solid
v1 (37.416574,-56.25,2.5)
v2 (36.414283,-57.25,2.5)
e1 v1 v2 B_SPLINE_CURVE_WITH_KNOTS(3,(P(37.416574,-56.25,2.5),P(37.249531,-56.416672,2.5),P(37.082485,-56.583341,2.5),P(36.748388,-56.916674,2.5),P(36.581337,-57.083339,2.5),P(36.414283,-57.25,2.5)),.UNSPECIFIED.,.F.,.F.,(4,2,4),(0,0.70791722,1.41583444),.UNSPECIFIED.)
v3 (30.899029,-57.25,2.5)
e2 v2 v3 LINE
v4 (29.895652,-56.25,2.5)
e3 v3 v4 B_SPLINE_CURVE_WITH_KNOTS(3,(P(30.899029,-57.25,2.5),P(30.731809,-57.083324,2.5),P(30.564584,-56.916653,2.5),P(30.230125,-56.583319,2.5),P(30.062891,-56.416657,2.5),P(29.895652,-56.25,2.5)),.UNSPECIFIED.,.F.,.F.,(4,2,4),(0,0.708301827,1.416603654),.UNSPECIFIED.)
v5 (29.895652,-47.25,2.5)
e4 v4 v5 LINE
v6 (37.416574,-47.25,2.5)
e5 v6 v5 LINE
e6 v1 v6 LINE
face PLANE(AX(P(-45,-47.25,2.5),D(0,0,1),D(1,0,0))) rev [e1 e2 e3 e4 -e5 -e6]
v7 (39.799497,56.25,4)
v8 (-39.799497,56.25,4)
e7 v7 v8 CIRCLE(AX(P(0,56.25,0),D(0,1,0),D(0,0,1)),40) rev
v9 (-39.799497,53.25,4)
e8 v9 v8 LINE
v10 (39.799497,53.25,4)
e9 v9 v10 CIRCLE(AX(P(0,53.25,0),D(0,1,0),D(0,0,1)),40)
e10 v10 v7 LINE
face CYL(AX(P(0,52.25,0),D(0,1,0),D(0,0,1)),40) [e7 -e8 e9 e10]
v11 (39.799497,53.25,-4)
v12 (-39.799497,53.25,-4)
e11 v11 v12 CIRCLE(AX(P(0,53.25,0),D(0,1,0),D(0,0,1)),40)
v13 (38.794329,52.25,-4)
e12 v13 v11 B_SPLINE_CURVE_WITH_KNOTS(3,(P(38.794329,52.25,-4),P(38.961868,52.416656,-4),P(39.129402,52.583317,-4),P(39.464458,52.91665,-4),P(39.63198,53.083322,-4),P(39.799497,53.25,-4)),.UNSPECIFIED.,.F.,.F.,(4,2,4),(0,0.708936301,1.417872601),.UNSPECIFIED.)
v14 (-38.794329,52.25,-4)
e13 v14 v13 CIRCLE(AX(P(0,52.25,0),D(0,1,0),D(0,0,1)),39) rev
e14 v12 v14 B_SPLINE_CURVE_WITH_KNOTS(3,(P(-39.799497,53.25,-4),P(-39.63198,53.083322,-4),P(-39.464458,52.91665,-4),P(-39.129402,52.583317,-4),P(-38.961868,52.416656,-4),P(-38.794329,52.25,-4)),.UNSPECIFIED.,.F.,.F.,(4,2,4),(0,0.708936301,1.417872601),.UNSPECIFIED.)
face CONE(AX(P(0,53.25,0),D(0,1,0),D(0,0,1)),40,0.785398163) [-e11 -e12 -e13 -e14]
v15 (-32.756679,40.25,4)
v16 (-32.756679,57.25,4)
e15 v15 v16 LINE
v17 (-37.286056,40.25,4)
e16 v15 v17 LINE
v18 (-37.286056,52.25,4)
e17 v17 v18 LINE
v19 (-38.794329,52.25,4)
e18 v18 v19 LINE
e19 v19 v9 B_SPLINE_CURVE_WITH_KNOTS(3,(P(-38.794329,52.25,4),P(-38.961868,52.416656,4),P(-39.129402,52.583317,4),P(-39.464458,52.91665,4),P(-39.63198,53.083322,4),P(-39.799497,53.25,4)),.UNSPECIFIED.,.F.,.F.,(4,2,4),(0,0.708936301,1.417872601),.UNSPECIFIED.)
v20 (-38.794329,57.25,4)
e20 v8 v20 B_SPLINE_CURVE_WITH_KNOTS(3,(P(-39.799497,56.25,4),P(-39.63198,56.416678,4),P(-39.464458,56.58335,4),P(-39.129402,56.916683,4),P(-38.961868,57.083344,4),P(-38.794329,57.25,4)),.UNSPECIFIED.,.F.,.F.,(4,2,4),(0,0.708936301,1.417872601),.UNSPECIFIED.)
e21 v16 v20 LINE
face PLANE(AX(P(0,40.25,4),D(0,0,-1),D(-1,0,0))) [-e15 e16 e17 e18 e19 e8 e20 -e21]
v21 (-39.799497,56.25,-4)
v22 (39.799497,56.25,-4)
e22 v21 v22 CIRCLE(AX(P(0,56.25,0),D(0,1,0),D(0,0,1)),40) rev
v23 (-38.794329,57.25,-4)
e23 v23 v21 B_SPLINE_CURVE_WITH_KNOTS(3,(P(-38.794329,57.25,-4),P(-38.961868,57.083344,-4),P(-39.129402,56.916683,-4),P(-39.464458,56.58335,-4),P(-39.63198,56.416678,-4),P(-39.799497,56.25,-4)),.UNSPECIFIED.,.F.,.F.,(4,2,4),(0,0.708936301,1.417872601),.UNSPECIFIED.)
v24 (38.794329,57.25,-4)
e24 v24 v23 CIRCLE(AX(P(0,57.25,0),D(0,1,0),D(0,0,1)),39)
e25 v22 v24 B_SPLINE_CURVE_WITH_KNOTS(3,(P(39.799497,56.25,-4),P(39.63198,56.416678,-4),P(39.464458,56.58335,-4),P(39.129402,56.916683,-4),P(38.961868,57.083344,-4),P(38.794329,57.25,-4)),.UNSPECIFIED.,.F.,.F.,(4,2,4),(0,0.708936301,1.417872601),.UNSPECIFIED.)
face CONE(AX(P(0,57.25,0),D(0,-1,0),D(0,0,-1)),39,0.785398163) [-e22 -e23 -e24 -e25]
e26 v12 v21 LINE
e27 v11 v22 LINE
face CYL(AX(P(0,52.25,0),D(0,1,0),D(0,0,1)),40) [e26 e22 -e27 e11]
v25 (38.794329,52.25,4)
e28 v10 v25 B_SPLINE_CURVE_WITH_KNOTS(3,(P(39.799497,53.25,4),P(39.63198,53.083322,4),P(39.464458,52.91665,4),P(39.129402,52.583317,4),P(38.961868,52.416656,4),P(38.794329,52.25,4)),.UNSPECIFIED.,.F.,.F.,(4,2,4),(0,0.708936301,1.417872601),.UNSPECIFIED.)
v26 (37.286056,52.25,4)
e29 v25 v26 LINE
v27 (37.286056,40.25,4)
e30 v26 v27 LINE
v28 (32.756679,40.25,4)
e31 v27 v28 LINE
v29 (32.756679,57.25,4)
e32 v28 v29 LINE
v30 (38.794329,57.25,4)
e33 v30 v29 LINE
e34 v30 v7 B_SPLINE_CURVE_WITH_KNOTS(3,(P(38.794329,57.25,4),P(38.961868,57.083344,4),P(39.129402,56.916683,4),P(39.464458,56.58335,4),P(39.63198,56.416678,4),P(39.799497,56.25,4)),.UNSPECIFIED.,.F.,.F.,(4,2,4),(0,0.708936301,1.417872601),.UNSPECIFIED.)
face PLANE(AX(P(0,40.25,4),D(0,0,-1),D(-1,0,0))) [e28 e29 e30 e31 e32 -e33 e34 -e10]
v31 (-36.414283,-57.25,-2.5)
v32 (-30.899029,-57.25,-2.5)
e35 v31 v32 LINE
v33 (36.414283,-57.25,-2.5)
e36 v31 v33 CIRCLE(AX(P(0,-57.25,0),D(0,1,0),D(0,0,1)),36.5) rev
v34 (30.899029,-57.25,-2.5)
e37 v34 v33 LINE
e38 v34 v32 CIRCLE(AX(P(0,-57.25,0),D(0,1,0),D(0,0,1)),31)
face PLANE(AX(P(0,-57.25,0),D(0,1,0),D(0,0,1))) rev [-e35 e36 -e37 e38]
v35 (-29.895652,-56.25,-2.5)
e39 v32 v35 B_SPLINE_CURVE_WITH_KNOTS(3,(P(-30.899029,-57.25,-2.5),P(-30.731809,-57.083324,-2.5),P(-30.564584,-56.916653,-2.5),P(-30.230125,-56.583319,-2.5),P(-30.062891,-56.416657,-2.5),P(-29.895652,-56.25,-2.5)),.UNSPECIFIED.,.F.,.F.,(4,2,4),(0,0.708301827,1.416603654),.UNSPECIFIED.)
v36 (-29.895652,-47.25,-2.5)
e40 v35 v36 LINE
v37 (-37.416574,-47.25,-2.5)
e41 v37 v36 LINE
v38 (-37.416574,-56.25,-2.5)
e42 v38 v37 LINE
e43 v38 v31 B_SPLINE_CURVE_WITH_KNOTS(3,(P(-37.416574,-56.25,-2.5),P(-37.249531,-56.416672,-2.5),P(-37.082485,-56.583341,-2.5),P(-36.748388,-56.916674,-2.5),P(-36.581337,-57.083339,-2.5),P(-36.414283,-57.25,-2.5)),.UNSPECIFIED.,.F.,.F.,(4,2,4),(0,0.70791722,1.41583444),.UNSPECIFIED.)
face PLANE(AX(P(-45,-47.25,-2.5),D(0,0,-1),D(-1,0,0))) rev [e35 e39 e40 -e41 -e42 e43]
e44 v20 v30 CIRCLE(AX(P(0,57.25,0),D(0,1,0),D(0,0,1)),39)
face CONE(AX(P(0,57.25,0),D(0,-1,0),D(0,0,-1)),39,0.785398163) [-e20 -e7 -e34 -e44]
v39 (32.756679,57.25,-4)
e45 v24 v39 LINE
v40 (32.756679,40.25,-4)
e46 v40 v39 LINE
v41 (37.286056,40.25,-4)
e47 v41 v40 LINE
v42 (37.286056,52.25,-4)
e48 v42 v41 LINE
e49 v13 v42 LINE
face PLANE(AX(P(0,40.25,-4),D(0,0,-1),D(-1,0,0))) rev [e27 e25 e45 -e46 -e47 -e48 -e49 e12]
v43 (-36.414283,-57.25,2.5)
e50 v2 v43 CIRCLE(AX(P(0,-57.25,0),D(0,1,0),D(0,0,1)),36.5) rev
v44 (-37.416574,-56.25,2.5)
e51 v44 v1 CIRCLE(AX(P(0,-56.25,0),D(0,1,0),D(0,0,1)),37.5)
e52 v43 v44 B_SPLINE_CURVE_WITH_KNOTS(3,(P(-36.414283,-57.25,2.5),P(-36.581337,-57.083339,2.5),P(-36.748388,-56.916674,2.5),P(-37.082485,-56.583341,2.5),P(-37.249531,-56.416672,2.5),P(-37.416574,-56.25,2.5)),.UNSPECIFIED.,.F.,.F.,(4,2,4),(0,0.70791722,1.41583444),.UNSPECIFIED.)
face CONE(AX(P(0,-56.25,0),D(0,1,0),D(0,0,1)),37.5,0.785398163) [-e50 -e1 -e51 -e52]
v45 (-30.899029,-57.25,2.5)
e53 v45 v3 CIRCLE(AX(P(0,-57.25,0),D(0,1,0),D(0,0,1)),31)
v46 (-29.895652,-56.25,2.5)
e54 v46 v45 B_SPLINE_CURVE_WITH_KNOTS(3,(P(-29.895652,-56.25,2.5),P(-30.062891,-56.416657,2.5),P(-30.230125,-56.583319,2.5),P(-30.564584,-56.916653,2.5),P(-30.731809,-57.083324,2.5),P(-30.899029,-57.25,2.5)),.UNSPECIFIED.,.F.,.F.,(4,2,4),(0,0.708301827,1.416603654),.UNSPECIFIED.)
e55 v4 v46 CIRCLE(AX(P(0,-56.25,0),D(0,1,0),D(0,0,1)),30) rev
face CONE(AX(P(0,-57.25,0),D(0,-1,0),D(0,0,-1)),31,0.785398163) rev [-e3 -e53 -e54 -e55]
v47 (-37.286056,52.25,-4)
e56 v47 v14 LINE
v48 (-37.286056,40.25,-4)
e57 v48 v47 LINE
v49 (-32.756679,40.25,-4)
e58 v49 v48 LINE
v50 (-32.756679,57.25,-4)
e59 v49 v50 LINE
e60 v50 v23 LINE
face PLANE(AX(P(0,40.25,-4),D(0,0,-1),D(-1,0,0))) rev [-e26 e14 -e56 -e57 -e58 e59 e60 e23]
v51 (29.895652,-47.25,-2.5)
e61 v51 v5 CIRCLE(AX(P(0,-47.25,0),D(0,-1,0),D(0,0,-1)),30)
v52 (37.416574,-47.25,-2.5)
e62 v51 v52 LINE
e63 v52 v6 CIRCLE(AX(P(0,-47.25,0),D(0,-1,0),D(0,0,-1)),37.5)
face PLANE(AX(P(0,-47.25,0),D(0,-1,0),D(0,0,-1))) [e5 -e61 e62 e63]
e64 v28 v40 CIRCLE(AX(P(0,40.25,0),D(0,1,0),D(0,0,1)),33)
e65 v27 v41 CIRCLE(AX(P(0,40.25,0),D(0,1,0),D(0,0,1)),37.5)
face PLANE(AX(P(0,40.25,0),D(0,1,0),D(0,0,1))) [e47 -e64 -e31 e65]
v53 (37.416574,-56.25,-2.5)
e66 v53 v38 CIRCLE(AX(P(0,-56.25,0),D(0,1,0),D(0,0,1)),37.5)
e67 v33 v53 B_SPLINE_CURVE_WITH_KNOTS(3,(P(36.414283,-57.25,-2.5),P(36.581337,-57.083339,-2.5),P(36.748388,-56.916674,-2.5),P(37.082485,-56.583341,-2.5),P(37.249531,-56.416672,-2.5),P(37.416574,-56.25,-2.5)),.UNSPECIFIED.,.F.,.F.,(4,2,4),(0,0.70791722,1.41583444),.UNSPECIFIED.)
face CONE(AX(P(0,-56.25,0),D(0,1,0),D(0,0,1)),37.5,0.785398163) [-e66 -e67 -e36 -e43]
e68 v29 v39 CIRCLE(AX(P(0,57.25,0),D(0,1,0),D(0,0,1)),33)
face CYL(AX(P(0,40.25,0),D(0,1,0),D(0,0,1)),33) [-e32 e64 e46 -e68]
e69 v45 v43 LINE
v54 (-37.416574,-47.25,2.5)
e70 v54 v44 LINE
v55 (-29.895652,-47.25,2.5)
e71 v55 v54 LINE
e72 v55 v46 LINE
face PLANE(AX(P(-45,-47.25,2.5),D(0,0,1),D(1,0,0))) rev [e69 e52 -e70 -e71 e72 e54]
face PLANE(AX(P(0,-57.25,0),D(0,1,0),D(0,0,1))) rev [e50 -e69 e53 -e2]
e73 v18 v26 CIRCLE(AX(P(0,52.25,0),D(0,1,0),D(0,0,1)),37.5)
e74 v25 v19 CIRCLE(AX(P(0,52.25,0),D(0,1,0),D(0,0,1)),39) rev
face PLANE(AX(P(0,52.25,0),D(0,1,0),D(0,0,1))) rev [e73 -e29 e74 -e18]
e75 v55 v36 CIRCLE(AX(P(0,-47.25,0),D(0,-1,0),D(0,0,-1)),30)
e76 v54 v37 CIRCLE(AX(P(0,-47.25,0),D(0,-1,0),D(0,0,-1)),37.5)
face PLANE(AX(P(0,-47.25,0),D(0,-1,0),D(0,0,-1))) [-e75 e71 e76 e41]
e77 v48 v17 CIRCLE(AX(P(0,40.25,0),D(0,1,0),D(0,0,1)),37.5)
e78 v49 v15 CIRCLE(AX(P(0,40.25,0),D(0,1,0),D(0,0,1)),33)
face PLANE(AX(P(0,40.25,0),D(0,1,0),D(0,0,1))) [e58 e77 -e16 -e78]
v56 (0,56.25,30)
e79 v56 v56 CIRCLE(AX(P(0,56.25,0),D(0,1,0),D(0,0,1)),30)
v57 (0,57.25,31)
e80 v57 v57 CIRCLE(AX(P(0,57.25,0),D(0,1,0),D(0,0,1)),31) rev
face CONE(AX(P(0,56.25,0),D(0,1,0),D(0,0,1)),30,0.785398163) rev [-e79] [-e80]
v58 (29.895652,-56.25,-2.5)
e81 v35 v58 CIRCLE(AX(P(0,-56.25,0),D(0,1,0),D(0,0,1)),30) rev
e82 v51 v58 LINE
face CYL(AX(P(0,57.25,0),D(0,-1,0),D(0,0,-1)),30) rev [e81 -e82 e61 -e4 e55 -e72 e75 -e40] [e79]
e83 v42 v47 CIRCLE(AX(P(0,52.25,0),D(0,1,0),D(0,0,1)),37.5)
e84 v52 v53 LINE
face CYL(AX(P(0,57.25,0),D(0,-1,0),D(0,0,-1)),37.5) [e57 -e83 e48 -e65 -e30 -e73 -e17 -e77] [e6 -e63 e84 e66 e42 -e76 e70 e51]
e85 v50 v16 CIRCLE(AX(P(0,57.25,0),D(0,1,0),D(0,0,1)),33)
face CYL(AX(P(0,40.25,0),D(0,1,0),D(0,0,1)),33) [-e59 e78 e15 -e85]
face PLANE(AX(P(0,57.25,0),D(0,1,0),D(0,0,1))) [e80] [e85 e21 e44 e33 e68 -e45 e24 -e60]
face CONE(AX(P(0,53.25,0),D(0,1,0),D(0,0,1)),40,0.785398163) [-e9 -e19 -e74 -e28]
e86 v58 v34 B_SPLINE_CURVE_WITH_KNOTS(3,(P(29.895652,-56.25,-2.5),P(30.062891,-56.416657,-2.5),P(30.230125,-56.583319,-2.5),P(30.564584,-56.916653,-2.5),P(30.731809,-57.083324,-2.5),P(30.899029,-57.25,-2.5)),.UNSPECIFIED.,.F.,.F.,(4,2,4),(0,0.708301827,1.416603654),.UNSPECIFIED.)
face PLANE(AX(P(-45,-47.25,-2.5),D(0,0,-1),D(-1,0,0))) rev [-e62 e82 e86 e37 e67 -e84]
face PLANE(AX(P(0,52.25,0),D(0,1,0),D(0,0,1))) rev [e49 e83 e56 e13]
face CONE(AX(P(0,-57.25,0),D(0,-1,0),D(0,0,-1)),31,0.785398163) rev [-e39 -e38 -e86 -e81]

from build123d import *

# Parameters (mm, degrees)
SKETCH1_R           = 37.5
SKETCH1_R_2         = 30
BOSS_EXTRUDE1_DEPTH = 57.25
SKETCH2_R           = 40
SKETCH2_R_2         = 37.5
BOSS_EXTRUDE2_DEPTH = 5
SKETCH3_W           = 90
SKETCH3_H           = 5
CUT_EXTRUDE1_DEPTH  = 10
CUT_EXTRUDE2_DEPTH  = 17
CHAMFER1_SIZE       = 1


with BuildPart() as part:
    # Sketch1 → Boss-Extrude1 (new body, symmetric)
    with BuildSketch(Plane(origin=(0, 0, 0), x_dir=(1, 0, 0), z_dir=(0, 1, 0))):
        Circle(SKETCH1_R)
        Circle(SKETCH1_R_2, mode=Mode.SUBTRACT)
    extrude(amount=BOSS_EXTRUDE1_DEPTH, both=True)

    # Sketch2 → Boss-Extrude2 (add)
    with BuildSketch(Plane(origin=(0, 57.25, 0), x_dir=(1, 0, 0), z_dir=(0, 1, 0))):
        Circle(SKETCH2_R)
        Circle(SKETCH2_R_2, mode=Mode.SUBTRACT)
    extrude(amount=-BOSS_EXTRUDE2_DEPTH)

    # Sketch3 → Cut-Extrude1 (cut)
    with BuildSketch(Plane.XZ.offset(57.25)):
        Rectangle(SKETCH3_W, SKETCH3_H)
    extrude(amount=-CUT_EXTRUDE1_DEPTH, mode=Mode.SUBTRACT)

    # Sketch4 → Cut-Extrude2 (cut)
    with BuildSketch(Plane(origin=(0, 57.25, 0), x_dir=(1, 0, 0), z_dir=(0, 1, 0))):
        with BuildLine():
            Line((32.756678708, -4), (39.799497484, -4))
            ThreePointArc((39.799497484, -4), (39.949842924, -2.002511002), (40, 0))
            ThreePointArc((40, 0), (39.949842924, 2.002511002), (39.799497484, 4))
            Line((39.799497484, 4), (32.756678708, 4))
            ThreePointArc((32.756678708, 4), (32.939113508, 2.003696911), (33, 0))
            ThreePointArc((33, 0), (32.939113508, -2.003696911), (32.756678708, -4))
        make_face()
        with BuildLine():
            ThreePointArc((-39.799497484, 4), (-40, 0), (-39.799497484, -4))
            Line((-39.799497484, -4), (-32.756678708, -4))
            ThreePointArc((-32.756678708, -4), (-33, 0), (-32.756678708, 4))
            Line((-32.756678708, 4), (-39.799497484, 4))
        make_face()
    extrude(amount=-CUT_EXTRUDE2_DEPTH, mode=Mode.SUBTRACT)

    # Chamfer1
    chamfer1_edges = [part.edges().sort_by_distance(p)[0] for p in [
        (0, 57.25, 40),
        (-30, 57.25, 0),
        (0, -57.25, -30),
        (0, -57.25, 30),
        (0, -57.25, -37.5),
        (0, -57.25, 37.5),
        (0, 52.25, -40),
        (0, 52.25, 40),
        (0, 57.25, -40),
    ]]
    chamfer(chamfer1_edges, length=CHAMFER1_SIZE)


solid = part.part
